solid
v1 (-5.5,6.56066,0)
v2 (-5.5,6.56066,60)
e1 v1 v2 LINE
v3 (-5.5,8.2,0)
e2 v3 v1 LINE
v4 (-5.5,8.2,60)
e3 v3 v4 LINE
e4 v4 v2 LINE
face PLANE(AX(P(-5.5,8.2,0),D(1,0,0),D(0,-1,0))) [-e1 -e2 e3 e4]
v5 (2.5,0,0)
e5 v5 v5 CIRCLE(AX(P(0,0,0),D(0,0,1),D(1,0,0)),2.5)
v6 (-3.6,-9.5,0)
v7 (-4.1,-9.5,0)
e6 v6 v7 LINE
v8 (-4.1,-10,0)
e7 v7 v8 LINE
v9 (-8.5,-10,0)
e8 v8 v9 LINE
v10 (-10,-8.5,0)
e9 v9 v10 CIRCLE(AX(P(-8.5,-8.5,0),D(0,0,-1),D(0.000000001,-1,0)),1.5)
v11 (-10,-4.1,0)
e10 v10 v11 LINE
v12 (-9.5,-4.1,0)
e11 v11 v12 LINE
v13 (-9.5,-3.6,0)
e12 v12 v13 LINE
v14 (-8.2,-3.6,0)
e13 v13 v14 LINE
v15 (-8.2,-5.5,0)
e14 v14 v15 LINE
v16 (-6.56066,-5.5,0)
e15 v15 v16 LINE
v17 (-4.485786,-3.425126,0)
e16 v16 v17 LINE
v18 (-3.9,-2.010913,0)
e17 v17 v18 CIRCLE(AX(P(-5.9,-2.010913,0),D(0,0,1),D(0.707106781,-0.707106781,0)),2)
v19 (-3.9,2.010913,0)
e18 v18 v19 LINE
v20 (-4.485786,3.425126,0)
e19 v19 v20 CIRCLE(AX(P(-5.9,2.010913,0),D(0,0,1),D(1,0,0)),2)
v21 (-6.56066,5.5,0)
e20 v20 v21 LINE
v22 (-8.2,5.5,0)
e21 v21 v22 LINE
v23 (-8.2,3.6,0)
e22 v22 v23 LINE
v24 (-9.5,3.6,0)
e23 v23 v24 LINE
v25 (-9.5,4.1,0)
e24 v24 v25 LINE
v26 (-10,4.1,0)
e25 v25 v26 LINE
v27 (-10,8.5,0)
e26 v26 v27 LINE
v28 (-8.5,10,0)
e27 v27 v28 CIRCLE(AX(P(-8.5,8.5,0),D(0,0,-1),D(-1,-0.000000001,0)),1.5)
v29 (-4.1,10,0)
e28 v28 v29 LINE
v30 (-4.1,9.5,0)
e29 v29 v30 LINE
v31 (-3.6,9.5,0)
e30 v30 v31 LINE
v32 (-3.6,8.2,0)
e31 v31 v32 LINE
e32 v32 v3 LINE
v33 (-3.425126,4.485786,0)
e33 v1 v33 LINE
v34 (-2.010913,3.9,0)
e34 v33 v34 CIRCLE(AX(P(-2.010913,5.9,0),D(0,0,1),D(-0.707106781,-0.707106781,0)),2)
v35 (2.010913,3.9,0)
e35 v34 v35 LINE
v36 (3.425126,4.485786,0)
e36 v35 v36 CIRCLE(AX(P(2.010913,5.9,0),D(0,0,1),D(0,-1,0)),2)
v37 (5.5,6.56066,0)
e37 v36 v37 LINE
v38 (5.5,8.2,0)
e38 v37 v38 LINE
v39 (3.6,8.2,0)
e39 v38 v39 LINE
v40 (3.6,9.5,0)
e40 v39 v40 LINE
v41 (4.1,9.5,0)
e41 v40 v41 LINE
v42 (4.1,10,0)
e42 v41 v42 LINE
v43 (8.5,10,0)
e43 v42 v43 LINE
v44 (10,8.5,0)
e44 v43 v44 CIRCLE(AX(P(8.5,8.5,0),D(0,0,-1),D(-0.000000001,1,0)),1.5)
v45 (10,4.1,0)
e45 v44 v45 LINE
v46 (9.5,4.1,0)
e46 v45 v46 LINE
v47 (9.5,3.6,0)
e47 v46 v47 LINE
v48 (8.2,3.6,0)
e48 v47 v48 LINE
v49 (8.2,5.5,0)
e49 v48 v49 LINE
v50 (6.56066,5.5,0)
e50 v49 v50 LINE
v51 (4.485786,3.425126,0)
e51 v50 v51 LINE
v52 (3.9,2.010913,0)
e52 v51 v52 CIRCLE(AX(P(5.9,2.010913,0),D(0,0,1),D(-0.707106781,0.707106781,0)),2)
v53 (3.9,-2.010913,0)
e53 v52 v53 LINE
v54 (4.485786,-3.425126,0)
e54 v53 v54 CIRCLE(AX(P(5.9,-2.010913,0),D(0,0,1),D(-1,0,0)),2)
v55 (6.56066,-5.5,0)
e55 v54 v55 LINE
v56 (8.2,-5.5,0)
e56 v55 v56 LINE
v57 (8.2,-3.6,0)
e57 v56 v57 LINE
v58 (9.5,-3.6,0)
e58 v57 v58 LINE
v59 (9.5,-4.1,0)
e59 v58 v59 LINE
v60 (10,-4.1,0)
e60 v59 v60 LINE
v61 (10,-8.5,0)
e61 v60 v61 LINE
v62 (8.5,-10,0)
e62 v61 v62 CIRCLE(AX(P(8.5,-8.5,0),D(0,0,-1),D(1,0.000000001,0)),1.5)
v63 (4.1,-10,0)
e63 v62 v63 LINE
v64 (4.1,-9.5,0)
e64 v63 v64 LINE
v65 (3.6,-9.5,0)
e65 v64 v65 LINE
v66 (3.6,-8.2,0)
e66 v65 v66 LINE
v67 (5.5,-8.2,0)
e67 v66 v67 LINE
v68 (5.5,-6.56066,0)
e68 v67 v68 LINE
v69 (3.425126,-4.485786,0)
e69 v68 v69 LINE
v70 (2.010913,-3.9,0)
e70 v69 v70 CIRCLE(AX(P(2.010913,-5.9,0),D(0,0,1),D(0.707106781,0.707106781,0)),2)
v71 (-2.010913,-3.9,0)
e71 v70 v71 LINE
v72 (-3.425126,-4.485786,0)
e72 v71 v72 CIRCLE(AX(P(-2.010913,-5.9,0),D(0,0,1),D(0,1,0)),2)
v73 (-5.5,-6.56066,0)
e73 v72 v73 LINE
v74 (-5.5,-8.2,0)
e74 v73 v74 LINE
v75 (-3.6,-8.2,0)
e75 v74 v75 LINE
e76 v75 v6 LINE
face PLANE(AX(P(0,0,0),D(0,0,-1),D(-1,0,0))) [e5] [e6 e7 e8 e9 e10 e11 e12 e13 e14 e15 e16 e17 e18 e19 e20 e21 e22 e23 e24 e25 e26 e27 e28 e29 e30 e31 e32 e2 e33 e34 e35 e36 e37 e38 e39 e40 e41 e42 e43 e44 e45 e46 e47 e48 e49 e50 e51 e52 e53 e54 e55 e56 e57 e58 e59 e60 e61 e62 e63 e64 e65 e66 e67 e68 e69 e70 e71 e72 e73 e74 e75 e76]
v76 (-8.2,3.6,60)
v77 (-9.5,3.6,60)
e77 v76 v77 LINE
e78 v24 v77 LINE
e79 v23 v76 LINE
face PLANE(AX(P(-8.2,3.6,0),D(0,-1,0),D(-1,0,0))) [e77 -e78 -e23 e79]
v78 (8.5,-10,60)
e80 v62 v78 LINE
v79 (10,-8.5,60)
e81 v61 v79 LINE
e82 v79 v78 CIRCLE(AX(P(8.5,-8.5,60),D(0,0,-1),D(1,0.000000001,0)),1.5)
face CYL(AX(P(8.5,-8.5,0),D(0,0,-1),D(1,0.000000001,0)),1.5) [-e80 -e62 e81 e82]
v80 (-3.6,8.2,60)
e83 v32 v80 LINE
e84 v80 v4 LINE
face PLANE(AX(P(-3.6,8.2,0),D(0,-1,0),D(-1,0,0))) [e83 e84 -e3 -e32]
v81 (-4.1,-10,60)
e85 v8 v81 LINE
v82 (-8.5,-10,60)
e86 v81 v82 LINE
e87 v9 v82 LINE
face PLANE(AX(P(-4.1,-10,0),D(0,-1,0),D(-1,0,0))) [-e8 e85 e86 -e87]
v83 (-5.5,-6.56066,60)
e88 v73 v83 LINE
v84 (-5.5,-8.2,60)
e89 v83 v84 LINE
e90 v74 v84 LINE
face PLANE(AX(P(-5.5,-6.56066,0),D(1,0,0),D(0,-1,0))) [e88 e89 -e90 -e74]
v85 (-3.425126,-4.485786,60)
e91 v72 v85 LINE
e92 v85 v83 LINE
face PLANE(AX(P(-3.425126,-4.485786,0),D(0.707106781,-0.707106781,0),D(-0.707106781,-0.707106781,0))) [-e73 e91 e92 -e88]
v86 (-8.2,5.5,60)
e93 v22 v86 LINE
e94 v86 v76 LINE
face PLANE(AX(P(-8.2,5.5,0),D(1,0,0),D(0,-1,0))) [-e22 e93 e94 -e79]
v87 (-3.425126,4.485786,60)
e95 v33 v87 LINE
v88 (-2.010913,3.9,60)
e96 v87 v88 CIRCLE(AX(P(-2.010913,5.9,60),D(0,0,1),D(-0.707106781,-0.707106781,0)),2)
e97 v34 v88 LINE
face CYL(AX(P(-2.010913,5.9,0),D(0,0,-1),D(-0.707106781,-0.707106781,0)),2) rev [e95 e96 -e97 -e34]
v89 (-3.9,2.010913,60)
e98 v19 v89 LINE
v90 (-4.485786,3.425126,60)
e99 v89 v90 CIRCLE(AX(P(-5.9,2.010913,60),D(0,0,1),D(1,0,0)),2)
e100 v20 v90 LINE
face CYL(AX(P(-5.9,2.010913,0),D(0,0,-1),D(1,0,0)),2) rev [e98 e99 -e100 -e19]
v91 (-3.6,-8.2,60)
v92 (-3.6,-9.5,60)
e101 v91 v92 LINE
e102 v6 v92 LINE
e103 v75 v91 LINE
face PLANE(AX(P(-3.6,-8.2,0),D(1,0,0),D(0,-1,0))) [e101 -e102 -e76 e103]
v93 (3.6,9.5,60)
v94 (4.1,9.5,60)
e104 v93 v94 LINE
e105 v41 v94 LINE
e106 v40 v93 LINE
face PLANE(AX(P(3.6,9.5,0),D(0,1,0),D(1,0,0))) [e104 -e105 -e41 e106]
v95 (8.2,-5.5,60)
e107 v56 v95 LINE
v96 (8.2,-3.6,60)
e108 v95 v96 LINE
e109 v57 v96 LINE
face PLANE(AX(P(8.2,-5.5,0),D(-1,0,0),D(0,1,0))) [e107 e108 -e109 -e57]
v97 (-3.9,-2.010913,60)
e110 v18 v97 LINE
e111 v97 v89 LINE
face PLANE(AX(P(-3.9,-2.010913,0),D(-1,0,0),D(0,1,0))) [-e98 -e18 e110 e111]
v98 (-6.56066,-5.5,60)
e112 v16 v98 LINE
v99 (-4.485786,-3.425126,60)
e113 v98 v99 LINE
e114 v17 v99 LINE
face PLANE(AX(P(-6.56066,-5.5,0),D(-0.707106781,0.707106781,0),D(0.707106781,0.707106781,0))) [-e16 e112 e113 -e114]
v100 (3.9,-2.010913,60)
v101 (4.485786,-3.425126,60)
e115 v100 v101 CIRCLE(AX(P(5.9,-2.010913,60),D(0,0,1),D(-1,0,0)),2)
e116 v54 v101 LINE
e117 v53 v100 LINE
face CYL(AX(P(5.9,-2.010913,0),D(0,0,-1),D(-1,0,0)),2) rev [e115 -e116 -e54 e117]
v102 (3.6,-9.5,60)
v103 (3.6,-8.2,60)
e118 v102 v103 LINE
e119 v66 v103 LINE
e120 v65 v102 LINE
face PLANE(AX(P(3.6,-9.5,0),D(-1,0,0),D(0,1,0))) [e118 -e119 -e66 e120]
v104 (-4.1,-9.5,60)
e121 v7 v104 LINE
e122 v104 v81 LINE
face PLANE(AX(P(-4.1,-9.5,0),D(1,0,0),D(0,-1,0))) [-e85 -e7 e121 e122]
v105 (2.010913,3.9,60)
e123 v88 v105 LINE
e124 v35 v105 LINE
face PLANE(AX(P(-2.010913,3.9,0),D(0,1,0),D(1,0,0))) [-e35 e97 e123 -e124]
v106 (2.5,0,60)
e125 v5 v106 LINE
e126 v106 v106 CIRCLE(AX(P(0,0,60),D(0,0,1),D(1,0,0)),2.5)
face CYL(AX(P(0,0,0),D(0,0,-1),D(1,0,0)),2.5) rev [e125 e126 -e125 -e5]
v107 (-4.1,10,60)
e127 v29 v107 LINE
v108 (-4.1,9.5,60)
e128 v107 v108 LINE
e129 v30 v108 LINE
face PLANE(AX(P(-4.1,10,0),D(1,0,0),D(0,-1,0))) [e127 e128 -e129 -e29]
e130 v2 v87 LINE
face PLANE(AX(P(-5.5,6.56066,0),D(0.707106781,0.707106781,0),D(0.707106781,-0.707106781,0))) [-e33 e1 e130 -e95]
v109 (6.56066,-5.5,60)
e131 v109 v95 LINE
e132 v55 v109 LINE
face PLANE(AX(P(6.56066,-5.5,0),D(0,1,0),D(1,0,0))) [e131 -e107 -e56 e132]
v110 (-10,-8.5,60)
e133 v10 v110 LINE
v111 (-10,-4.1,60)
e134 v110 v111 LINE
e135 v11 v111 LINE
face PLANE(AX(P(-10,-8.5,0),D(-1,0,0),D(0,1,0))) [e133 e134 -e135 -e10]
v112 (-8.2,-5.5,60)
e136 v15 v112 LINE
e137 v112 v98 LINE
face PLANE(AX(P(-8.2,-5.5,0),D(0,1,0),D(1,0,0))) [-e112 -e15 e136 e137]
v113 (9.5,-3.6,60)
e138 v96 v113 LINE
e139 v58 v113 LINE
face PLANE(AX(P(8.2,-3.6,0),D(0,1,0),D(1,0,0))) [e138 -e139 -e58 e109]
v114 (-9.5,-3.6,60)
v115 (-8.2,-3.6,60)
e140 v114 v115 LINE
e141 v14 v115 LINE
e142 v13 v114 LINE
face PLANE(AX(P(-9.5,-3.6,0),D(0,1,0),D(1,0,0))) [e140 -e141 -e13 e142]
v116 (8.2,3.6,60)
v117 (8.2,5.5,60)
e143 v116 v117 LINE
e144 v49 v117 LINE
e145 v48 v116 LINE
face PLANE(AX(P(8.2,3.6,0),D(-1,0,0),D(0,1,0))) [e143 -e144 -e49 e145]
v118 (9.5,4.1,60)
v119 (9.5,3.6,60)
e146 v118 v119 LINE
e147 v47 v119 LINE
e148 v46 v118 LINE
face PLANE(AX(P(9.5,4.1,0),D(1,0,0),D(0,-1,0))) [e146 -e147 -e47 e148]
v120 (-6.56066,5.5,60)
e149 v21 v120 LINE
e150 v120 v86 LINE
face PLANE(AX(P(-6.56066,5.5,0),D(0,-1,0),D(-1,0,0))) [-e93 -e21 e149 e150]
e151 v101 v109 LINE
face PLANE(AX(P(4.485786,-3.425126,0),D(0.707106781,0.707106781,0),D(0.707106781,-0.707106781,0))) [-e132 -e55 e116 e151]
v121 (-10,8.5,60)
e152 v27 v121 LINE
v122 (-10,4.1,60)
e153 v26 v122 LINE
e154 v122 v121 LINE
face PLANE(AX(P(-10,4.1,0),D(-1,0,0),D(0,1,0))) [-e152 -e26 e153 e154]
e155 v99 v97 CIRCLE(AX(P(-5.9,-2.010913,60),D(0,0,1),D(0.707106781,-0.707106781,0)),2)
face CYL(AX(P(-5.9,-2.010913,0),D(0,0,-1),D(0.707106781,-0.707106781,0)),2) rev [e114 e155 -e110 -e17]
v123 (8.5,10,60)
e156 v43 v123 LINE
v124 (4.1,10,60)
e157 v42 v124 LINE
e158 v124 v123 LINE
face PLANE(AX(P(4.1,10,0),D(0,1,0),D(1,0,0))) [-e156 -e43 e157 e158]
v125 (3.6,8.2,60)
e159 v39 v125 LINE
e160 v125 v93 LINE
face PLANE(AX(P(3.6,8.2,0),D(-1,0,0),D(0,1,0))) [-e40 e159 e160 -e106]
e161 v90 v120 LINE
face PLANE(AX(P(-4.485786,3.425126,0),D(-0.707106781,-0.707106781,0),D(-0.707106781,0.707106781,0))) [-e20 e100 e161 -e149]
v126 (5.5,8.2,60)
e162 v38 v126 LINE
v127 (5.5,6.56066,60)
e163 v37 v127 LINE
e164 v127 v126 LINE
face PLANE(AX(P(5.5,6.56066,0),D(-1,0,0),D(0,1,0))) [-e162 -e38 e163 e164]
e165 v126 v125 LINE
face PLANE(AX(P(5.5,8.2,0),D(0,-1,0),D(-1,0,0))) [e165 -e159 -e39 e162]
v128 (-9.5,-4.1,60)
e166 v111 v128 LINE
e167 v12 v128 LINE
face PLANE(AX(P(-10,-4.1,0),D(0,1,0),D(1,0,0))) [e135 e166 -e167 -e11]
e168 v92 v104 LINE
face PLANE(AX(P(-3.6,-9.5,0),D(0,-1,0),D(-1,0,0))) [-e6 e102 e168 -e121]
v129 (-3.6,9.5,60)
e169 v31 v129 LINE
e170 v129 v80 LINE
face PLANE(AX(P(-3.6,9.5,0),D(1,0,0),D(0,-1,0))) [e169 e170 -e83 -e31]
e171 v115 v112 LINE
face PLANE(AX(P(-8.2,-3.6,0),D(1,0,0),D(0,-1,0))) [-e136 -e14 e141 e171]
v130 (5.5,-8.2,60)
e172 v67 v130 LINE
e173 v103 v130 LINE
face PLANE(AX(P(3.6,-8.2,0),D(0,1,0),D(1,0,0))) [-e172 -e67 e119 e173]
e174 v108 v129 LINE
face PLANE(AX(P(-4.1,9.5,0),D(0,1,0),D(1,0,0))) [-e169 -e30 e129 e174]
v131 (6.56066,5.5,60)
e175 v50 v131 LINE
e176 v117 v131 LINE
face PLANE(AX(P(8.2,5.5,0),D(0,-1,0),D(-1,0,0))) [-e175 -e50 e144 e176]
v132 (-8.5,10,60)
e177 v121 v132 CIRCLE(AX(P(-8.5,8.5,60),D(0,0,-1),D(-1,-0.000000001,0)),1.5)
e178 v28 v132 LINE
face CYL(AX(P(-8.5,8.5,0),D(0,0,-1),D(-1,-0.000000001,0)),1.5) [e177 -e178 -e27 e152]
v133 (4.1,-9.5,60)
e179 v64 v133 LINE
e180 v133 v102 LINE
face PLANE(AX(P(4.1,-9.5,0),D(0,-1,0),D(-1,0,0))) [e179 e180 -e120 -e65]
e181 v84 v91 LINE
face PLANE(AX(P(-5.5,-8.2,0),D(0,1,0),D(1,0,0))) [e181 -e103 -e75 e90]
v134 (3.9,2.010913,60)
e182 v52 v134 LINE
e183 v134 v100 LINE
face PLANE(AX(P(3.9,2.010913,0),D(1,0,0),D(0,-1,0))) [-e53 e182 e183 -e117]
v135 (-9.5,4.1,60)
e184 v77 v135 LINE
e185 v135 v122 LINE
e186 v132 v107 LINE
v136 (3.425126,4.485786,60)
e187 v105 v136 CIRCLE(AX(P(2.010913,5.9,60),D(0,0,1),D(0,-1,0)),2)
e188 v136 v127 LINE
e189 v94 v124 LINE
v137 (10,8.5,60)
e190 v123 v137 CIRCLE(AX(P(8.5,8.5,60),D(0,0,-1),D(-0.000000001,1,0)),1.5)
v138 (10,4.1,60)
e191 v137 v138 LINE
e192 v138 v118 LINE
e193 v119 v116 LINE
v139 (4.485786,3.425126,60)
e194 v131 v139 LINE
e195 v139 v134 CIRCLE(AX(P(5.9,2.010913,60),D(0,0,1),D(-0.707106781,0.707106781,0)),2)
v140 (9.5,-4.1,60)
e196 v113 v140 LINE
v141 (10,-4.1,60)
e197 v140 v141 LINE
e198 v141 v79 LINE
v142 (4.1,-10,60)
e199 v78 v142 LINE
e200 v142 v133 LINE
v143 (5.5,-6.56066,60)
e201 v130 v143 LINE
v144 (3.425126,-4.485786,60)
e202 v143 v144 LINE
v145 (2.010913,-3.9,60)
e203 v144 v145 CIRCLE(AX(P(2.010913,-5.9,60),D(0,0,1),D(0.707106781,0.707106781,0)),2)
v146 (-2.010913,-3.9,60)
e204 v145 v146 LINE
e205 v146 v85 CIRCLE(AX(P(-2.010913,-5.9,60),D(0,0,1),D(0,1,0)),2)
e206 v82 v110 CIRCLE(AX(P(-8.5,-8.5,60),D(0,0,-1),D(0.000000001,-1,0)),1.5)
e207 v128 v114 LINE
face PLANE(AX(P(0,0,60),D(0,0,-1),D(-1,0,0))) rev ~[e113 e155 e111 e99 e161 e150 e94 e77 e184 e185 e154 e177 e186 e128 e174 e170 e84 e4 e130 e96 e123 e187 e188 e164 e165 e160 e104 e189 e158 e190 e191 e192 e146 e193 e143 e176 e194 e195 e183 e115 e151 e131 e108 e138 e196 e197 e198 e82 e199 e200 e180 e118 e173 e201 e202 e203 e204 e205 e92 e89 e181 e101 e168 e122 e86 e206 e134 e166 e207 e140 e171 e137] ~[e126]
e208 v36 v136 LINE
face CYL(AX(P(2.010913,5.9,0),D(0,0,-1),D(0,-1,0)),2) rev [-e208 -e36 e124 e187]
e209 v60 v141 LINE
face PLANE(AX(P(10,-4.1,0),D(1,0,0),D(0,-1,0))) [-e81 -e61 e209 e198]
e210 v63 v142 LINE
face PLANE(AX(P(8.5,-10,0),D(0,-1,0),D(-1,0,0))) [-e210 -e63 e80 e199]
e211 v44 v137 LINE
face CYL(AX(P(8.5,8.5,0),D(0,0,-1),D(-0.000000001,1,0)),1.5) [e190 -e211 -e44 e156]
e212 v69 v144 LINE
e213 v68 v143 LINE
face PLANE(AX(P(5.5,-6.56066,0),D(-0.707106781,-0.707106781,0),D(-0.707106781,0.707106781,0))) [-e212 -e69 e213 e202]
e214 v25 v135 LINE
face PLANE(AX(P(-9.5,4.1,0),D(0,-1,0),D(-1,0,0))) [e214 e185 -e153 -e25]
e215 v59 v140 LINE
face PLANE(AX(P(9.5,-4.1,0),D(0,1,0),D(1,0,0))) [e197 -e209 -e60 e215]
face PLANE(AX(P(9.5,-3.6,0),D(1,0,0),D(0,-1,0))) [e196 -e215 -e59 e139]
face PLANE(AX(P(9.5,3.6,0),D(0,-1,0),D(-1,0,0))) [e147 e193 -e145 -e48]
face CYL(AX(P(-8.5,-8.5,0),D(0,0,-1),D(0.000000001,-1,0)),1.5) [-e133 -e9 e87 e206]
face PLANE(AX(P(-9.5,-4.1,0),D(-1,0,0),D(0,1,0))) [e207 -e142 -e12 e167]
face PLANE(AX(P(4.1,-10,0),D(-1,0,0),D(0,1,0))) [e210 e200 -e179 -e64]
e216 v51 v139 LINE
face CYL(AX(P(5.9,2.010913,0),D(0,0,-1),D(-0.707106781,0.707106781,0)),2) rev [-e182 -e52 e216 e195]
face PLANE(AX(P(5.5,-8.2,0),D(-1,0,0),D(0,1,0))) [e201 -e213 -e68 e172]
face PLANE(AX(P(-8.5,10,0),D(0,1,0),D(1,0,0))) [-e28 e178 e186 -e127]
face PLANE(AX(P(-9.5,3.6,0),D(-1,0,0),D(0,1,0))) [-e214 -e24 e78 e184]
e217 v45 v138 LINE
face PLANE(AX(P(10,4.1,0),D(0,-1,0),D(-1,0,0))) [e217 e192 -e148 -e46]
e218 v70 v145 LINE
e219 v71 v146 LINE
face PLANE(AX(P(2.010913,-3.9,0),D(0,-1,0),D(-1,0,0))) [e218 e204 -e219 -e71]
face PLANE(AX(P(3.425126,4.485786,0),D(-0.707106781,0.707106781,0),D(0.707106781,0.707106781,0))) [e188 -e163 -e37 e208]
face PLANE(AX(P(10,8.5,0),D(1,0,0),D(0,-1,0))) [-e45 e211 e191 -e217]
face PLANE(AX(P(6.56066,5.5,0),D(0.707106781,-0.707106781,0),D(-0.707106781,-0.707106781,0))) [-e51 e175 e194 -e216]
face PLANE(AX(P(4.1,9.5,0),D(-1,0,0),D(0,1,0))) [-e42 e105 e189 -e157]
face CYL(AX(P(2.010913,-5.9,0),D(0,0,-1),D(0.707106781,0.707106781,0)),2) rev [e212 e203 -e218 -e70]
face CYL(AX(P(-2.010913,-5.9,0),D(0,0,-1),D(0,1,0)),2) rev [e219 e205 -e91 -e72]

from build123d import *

# Parameters (mm, degrees)
SKETCH1_R           = 2.5
BOSS_EXTRUDE2_DEPTH = 60


with BuildPart() as part:
    # Sketch1 → Boss-Extrude2 (new body)
    with BuildSketch(Plane.XY):
        with BuildLine():
            Line((10, -4.1), (10, -8.5))
            ThreePointArc((10, -8.5), (9.560660172, -9.560660172), (8.5, -10))
            Line((8.5, -10), (4.1, -10))
            Line((4.1, -10), (4.1, -9.5))
            Line((4.1, -9.5), (3.6, -9.5))
            Line((3.6, -9.5), (3.6, -8.2))
            Line((3.6, -8.2), (5.5, -8.2))
            Line((5.5, -8.2), (5.5, -6.560660172))
            Line((5.5, -6.560660172), (3.425126266, -4.485786438))
            ThreePointArc((3.425126266, -4.485786438), (2.776279568, -4.052240935), (2.010912703, -3.9))
            Line((2.010912703, -3.9), (-2.010912703, -3.9))
            ThreePointArc((-2.010912703, -3.9), (-2.776279568, -4.052240935), (-3.425126266, -4.485786438))
            Line((-3.425126266, -4.485786438), (-5.5, -6.560660172))
            Line((-5.5, -6.560660172), (-5.5, -8.2))
            Line((-5.5, -8.2), (-3.6, -8.2))
            Line((-3.6, -8.2), (-3.6, -9.5))
            Line((-3.6, -9.5), (-4.1, -9.5))
            Line((-4.1, -9.5), (-4.1, -10))
            Line((-4.1, -10), (-8.5, -10))
            ThreePointArc((-8.5, -10), (-9.560660172, -9.560660172), (-10, -8.5))
            Line((-10, -8.5), (-10, -4.1))
            Line((-10, -4.1), (-9.5, -4.1))
            Line((-9.5, -4.1), (-9.5, -3.6))
            Line((-9.5, -3.6), (-8.2, -3.6))
            Line((-8.2, -3.6), (-8.2, -5.5))
            Line((-8.2, -5.5), (-6.560660172, -5.5))
            Line((-6.560660172, -5.5), (-4.485786438, -3.425126266))
            ThreePointArc((-4.485786438, -3.425126266), (-4.052240935, -2.776279568), (-3.9, -2.010912703))
            Line((-3.9, -2.010912703), (-3.9, 2.010912703))
            ThreePointArc((-3.9, 2.010912703), (-4.052240935, 2.776279568), (-4.485786438, 3.425126266))
            Line((-4.485786438, 3.425126266), (-6.560660172, 5.5))
            Line((-6.560660172, 5.5), (-8.2, 5.5))
            Line((-8.2, 5.5), (-8.2, 3.6))
            Line((-8.2, 3.6), (-9.5, 3.6))
            Line((-9.5, 3.6), (-9.5, 4.1))
            Line((-9.5, 4.1), (-10, 4.1))
            Line((-10, 4.1), (-10, 8.5))
            ThreePointArc((-10, 8.5), (-9.560660172, 9.560660172), (-8.5, 10))
            Line((-8.5, 10), (-4.1, 10))
            Line((-4.1, 10), (-4.1, 9.5))
            Line((-4.1, 9.5), (-3.6, 9.5))
            Line((-3.6, 9.5), (-3.6, 8.2))
            Line((-3.6, 8.2), (-5.5, 8.2))
            Line((-5.5, 8.2), (-5.5, 6.560660172))
            Line((-5.5, 6.560660172), (-3.425126266, 4.485786438))
            ThreePointArc((-3.425126266, 4.485786438), (-2.776279568, 4.052240935), (-2.010912703, 3.9))
            Line((-2.010912703, 3.9), (2.010912703, 3.9))
            ThreePointArc((2.010912703, 3.9), (2.776279568, 4.052240935), (3.425126266, 4.485786438))
            Line((3.425126266, 4.485786438), (5.5, 6.560660172))
            Line((5.5, 6.560660172), (5.5, 8.2))
            Line((5.5, 8.2), (3.6, 8.2))
            Line((3.6, 8.2), (3.6, 9.5))
            Line((3.6, 9.5), (4.1, 9.5))
            Line((4.1, 9.5), (4.1, 10))
            Line((4.1, 10), (8.5, 10))
            ThreePointArc((8.5, 10), (9.560660172, 9.560660172), (10, 8.5))
            Line((10, 8.5), (10, 4.1))
            Line((10, 4.1), (9.5, 4.1))
            Line((9.5, 4.1), (9.5, 3.6))
            Line((9.5, 3.6), (8.2, 3.6))
            Line((8.2, 3.6), (8.2, 5.5))
            Line((8.2, 5.5), (6.560660172, 5.5))
            Line((6.560660172, 5.5), (4.485786438, 3.425126266))
            ThreePointArc((4.485786438, 3.425126266), (4.052240935, 2.776279568), (3.9, 2.010912703))
            Line((3.9, 2.010912703), (3.9, -2.010912703))
            ThreePointArc((3.9, -2.010912703), (4.052240935, -2.776279568), (4.485786438, -3.425126266))
            Line((4.485786438, -3.425126266), (6.560660172, -5.5))
            Line((6.560660172, -5.5), (8.2, -5.5))
            Line((8.2, -5.5), (8.2, -3.6))
            Line((8.2, -3.6), (9.5, -3.6))
            Line((9.5, -3.6), (9.5, -4.1))
            Line((9.5, -4.1), (10, -4.1))
        make_face()
        Circle(SKETCH1_R, mode=Mode.SUBTRACT)
    extrude(amount=BOSS_EXTRUDE2_DEPTH)


solid = part.part
